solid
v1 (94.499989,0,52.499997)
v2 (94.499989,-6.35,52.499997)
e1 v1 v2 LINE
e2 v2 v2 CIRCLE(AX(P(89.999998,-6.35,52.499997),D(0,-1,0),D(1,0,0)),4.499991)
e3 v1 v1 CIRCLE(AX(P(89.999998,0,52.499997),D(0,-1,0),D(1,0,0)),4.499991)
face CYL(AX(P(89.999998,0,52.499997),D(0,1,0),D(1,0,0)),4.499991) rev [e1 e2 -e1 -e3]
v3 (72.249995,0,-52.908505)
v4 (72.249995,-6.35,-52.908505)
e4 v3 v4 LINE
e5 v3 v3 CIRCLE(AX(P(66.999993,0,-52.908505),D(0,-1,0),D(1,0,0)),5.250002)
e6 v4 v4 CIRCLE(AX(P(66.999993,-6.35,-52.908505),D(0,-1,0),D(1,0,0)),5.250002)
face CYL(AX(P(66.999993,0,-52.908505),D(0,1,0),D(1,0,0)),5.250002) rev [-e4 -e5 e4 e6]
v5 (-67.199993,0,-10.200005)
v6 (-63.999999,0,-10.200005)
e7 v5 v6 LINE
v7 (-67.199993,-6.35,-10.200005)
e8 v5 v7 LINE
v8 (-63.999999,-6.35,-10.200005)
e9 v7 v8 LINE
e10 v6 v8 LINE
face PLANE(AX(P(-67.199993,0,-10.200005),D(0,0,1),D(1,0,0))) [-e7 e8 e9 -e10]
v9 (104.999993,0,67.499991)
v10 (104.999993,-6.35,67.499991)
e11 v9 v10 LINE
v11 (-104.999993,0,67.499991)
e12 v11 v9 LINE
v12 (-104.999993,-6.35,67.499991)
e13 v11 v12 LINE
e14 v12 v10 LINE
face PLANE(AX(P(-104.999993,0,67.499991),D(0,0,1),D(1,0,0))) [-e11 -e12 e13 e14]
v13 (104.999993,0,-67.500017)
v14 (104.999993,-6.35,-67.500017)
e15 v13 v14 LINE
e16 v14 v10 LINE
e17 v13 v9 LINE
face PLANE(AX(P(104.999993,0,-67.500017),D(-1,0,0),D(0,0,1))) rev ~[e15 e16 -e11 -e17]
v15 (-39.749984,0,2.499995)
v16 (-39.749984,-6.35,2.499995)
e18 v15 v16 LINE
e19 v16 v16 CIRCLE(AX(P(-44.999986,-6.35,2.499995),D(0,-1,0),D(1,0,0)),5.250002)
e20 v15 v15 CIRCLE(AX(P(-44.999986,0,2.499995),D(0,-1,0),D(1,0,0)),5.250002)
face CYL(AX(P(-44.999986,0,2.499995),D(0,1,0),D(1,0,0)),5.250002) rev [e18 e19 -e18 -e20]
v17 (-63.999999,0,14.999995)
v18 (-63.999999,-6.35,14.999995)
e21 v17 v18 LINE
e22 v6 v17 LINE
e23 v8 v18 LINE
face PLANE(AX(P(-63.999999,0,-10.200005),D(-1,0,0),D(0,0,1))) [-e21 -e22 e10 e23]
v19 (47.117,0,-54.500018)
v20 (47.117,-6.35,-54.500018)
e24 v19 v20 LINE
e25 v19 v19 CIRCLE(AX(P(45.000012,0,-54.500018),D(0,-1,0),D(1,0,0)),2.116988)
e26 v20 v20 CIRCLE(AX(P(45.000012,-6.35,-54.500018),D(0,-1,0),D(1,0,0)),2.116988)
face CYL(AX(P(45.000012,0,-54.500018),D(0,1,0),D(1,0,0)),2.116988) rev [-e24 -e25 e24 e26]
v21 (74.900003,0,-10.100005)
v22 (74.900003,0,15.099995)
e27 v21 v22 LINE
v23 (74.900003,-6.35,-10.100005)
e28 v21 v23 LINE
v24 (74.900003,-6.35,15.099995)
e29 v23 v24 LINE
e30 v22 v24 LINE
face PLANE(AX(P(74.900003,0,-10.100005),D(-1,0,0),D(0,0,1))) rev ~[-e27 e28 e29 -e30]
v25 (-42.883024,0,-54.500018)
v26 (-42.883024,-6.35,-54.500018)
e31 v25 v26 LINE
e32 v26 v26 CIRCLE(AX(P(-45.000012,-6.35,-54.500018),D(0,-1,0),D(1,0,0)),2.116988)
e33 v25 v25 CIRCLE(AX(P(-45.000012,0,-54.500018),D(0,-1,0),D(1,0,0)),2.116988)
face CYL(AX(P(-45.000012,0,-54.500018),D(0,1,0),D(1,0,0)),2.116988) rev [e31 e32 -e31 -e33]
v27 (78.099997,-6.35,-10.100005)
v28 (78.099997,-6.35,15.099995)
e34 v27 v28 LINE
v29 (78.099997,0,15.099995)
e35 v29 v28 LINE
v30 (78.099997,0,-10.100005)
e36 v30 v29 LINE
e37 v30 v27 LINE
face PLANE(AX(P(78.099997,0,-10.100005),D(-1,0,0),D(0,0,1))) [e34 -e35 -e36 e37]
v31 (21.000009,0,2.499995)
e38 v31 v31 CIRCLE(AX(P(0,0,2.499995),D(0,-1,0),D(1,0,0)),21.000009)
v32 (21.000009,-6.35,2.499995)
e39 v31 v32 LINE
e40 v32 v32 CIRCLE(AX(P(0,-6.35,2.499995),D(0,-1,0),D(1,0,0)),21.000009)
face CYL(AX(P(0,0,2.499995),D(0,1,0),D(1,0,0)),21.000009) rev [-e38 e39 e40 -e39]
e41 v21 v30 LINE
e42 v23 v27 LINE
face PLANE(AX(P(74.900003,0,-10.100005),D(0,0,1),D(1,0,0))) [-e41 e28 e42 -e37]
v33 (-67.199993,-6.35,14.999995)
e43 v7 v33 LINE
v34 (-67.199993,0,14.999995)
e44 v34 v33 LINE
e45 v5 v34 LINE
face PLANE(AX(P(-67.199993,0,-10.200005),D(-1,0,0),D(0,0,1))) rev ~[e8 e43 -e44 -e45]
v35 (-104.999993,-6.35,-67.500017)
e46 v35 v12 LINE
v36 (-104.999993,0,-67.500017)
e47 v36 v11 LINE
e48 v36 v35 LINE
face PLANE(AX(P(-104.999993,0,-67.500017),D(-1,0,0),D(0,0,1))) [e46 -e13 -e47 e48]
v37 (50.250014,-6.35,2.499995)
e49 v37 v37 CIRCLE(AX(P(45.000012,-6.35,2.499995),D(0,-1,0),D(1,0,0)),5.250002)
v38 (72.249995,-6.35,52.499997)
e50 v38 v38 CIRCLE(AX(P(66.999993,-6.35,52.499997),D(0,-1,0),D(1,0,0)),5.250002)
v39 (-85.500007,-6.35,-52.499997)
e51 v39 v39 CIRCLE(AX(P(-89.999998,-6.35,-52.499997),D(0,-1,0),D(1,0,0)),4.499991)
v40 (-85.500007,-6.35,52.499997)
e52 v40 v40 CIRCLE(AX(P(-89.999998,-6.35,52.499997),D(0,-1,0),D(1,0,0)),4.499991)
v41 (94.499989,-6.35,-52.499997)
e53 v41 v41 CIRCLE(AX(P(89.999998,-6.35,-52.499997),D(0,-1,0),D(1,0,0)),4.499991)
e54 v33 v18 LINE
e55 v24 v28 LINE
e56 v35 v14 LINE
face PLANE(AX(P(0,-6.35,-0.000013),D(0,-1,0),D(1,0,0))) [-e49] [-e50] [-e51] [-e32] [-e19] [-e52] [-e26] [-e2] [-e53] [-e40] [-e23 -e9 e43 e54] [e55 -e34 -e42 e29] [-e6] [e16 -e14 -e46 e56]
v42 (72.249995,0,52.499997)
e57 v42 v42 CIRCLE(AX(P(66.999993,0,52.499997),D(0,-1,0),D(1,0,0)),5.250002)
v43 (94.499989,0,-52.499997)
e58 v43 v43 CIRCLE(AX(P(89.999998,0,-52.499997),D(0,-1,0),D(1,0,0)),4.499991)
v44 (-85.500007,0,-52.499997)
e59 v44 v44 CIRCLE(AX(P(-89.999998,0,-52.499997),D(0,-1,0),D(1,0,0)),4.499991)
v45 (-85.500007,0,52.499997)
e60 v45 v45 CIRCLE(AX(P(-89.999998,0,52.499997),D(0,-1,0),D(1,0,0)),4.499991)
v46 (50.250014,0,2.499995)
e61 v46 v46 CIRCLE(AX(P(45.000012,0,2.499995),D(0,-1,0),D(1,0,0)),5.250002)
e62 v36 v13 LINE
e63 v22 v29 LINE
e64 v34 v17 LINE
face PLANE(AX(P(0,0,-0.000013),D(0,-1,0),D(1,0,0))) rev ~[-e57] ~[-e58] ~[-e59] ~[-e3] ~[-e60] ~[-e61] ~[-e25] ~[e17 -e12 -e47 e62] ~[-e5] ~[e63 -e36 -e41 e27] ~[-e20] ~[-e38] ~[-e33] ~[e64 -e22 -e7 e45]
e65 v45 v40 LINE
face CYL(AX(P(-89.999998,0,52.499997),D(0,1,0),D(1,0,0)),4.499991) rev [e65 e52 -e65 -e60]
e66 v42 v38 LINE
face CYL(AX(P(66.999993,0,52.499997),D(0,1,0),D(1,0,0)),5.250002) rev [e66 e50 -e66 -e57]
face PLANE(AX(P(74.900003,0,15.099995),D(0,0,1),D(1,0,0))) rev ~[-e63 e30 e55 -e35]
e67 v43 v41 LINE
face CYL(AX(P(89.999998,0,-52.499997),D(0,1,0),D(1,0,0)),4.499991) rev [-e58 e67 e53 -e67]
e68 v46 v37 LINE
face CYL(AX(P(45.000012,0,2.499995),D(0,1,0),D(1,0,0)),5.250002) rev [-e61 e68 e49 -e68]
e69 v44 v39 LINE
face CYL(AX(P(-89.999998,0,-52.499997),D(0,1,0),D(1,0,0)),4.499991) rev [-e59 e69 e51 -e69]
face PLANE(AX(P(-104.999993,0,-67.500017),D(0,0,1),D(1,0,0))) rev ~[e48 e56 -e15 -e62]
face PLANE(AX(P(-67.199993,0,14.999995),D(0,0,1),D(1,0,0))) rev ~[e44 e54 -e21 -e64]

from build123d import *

# Parameters (mm, degrees)
F0_W     = 209.999986
F0_H     = 135.000009
F0_R     = 4.499991
F0_R_2   = 2.116988
F0_R_3   = 5.250002
F0_W_2   = 3.199994
F0_H_2   = 25.2
F0_R_4   = 21.000009
F0_W_3   = 3.199993
F1_DEPTH = 6.35


with BuildPart() as f1:
    # F0 (on Front) → F1 (new body)
    with BuildSketch(Plane.XZ):
        with Locations((0, -1.3e-05)):
            Rectangle(F0_W, F0_H)
        with Locations((-89.999998, -52.499997)):
            Circle(F0_R, mode=Mode.SUBTRACT)
        with Locations((-45.000012, -54.500018)):
            Circle(F0_R_2, mode=Mode.SUBTRACT)
        with Locations((45.000012, -54.500018)):
            Circle(F0_R_2, mode=Mode.SUBTRACT)
        with Locations((66.999993, -52.908505)):
            Circle(F0_R_3, mode=Mode.SUBTRACT)
        with Locations((89.999998, -52.499997)):
            Circle(F0_R, mode=Mode.SUBTRACT)
        with Locations((-65.599996, 2.399995)):
            Rectangle(F0_W_2, F0_H_2, mode=Mode.SUBTRACT)
        with Locations((-44.999986, 2.499995)):
            Circle(F0_R_3, mode=Mode.SUBTRACT)
        with Locations((0, 2.499995)):
            Circle(F0_R_4, mode=Mode.SUBTRACT)
        with Locations((-89.999998, 52.499997)):
            Circle(F0_R, mode=Mode.SUBTRACT)
        with Locations((45.000012, 2.499995)):
            Circle(F0_R_3, mode=Mode.SUBTRACT)
        with Locations((76.5, 2.499995)):
            Rectangle(F0_W_3, F0_H_2, mode=Mode.SUBTRACT)
        with Locations((66.999993, 52.499997)):
            Circle(F0_R_3, mode=Mode.SUBTRACT)
        with Locations((89.999998, 52.499997)):
            Circle(F0_R, mode=Mode.SUBTRACT)
    extrude(amount=F1_DEPTH)


solid = f1.part
